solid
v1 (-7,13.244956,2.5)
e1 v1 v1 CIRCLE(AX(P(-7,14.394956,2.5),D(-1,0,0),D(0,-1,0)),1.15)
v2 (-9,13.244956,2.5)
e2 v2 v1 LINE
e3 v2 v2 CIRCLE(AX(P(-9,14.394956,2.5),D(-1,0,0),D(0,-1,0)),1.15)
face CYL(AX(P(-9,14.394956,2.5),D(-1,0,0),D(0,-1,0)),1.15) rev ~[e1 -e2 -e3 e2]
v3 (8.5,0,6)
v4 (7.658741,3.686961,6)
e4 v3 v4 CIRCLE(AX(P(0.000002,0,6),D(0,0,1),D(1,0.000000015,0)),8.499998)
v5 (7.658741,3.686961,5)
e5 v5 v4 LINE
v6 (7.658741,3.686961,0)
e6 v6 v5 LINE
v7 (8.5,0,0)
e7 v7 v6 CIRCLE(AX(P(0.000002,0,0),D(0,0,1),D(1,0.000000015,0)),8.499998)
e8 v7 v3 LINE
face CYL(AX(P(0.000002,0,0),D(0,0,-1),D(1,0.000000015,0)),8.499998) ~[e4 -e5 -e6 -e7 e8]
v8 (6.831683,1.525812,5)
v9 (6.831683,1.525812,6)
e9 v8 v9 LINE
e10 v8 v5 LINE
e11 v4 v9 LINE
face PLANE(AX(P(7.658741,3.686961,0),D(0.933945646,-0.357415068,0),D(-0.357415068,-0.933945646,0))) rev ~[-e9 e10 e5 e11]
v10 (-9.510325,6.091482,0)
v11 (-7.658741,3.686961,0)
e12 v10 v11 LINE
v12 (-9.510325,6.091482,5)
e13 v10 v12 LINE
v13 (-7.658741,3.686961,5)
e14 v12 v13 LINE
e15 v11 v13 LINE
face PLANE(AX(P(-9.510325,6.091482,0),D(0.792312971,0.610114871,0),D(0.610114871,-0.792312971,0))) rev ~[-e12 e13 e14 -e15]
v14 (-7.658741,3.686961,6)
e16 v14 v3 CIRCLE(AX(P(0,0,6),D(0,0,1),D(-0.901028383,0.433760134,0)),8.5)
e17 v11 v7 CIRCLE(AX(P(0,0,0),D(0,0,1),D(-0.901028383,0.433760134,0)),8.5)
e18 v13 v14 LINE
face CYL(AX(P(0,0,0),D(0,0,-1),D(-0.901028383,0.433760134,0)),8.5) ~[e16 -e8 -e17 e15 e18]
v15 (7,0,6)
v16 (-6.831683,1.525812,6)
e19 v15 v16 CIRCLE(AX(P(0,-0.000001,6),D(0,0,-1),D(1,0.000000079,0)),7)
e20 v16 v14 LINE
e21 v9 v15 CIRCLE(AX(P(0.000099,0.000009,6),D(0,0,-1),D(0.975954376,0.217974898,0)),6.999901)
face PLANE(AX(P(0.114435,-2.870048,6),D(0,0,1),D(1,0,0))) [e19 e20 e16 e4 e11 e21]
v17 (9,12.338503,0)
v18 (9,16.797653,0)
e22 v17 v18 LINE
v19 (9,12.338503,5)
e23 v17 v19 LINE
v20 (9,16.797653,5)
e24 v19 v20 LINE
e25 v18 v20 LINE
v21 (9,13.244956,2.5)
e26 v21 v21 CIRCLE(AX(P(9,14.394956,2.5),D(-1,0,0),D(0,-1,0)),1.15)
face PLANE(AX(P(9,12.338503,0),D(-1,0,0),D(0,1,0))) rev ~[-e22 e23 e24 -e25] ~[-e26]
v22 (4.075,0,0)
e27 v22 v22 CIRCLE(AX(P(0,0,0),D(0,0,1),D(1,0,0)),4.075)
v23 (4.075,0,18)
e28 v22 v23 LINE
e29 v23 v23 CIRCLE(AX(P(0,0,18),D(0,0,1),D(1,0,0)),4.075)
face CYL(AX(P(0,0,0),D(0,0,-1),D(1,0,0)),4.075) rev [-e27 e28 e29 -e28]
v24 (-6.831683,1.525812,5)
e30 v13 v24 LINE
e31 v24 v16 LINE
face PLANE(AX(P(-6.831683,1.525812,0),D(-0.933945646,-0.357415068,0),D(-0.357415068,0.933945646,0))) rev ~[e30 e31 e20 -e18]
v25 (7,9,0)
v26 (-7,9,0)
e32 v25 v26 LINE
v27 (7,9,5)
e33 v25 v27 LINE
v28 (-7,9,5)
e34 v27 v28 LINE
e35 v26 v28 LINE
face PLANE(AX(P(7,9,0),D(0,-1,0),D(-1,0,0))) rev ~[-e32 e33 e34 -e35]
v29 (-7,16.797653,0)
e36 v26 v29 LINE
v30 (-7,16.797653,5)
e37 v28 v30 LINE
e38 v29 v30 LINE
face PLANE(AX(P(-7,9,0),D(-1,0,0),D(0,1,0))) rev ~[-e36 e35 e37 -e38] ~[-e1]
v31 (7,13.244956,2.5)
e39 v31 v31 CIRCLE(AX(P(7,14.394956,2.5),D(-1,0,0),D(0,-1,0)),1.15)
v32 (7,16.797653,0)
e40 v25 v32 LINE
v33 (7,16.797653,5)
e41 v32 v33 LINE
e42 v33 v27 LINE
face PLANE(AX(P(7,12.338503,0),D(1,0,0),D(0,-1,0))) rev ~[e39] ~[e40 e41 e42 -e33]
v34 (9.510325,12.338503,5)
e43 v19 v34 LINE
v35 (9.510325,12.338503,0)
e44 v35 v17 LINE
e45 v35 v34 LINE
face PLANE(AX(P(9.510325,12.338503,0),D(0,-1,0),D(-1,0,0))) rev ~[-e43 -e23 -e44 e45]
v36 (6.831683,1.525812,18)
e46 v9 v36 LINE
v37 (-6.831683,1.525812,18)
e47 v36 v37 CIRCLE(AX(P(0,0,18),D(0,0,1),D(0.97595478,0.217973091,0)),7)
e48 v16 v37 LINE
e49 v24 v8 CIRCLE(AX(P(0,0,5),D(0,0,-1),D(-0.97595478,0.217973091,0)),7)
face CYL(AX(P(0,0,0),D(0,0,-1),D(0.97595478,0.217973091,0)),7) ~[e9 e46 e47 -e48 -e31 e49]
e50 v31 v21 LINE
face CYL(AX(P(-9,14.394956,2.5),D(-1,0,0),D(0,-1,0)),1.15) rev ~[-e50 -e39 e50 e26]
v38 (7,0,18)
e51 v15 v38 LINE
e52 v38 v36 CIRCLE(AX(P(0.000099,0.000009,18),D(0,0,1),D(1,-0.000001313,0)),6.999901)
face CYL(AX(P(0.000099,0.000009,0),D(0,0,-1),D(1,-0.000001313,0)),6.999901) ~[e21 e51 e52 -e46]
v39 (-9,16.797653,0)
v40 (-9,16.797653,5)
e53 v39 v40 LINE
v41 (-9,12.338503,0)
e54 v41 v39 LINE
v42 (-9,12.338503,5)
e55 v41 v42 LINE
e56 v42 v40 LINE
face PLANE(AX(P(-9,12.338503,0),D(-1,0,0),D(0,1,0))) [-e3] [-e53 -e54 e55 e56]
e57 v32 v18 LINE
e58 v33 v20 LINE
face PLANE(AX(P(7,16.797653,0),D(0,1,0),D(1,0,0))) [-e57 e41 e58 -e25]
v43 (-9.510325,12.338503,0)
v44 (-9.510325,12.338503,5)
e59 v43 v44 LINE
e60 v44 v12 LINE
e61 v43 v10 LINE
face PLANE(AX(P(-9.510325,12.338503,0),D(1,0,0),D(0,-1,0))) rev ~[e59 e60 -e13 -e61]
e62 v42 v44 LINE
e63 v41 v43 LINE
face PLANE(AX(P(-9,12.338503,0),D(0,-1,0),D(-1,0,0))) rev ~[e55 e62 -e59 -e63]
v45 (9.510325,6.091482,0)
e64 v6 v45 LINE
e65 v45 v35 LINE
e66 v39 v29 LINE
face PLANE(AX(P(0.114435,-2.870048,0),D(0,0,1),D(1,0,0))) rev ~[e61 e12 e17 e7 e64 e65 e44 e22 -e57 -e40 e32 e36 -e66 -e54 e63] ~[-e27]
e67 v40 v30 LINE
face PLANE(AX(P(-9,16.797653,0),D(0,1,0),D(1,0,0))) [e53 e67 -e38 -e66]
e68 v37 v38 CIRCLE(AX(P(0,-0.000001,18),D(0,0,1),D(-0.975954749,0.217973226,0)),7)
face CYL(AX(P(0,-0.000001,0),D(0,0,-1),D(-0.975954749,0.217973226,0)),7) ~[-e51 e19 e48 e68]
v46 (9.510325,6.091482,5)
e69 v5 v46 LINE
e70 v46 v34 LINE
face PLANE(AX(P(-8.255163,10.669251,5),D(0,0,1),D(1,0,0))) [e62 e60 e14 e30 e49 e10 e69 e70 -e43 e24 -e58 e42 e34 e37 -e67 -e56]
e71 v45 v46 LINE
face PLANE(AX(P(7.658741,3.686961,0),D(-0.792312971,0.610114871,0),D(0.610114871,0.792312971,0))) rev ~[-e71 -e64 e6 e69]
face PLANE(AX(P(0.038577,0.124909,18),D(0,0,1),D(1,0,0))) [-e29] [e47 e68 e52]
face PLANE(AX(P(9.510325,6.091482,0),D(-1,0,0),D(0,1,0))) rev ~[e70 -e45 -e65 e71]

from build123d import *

# Parameters (mm, degrees)
F0_R     = 4.075
F1_DEPTH = 18
F0_W     = 2
F0_H     = 4.459151
F2_DEPTH = 5
F3_DEPTH = 6
F4_R     = 1.15
F5_DEPTH = 25


with BuildPart() as f1:
    # F0 (on Top) → F1 (new body)
    with BuildSketch(Plane.XY):
        with BuildLine():
            ThreePointArc((-6.831683, 1.525812), (-0.767534, -6.957794), (7, 0))
            ThreePointArc((7, 0), (6.957794, 0.767534), (6.831683, 1.525812))
            ThreePointArc((6.831683, 1.525812), (0, 7), (-6.831683, 1.525812))
        make_face()
        Circle(F0_R, mode=Mode.SUBTRACT)
    extrude(amount=F1_DEPTH)

    # F0 (on Top) → F2 (join)
    with BuildSketch(Plane.XY):
        Polygon((-9.510325, 12.338503), (-9.510325, 9), (-7, 9), (-7, 12.338503), (-9, 12.338503), align=None)
        with BuildLine():
            Line((-9.510325, 6.091482), (-7.658741, 3.686961))
            ThreePointArc((-7.658741, 3.686961), (-4.522767, 7.196845), (0, 8.5))
            Line((0, 8.5), (0, 9))
            Line((0, 9), (-7, 9))
            Line((-7, 9), (-9.510325, 9))
            Line((-9.510325, 9), (-9.510325, 6.091482))
        make_face()
        with BuildLine():
            ThreePointArc((-6.831683, 1.525812), (0, 7), (6.831683, 1.525812))
            Line((6.831683, 1.525812), (7.658741, 3.686961))
            ThreePointArc((7.658741, 3.686961), (4.522767, 7.196845), (0, 8.5))
            ThreePointArc((0, 8.5), (-4.522767, 7.196845), (-7.658741, 3.686961))
            Line((-7.658741, 3.686961), (-6.831683, 1.525812))
        make_face()
        with BuildLine():
            ThreePointArc((0, 8.5), (4.522767, 7.196845), (7.658741, 3.686961))
            Line((7.658741, 3.686961), (9.510325, 6.091482))
            Line((9.510325, 6.091482), (9.510325, 9))
            Line((9.510325, 9), (7, 9))
            Line((7, 9), (0, 9))
            Line((0, 9), (0, 8.5))
        make_face()
        Polygon((7, 9), (9.510325, 9), (9.510325, 12.338503), (9, 12.338503), (7, 12.338503), align=None)
        with Locations((-8, 14.568078)):
            Rectangle(F0_W, F0_H)
        with Locations((8, 14.568078)):
            Rectangle(F0_W, F0_H)
    extrude(amount=F2_DEPTH)

    # F0 (on Top) → F3 (join)
    with BuildSketch(Plane.XY):
        with BuildLine():
            ThreePointArc((6.831683, 1.525812), (6.957794, 0.767534), (7, 0))
            ThreePointArc((7, 0), (-0.767534, -6.957794), (-6.831683, 1.525812))
            Line((-6.831683, 1.525812), (-7.658741, 3.686961))
            ThreePointArc((-7.658741, 3.686961), (-1.890859, -8.287017), (8.5, 0))
            ThreePointArc((8.5, 0), (8.287017, 1.890859), (7.658741, 3.686961))
            Line((7.658741, 3.686961), (6.831683, 1.525812))
        make_face()
    extrude(amount=F3_DEPTH)

    # F4 (on face) → F5 (cut)
    with BuildSketch(Plane(origin=(-9, 0, 0), x_dir=(0, -1, 0), z_dir=(-1, 0, 0))):
        with Locations((-14.394956, 2.5)):
            Circle(F4_R)
    extrude(amount=-F5_DEPTH, mode=Mode.SUBTRACT)


solid = f1.part
